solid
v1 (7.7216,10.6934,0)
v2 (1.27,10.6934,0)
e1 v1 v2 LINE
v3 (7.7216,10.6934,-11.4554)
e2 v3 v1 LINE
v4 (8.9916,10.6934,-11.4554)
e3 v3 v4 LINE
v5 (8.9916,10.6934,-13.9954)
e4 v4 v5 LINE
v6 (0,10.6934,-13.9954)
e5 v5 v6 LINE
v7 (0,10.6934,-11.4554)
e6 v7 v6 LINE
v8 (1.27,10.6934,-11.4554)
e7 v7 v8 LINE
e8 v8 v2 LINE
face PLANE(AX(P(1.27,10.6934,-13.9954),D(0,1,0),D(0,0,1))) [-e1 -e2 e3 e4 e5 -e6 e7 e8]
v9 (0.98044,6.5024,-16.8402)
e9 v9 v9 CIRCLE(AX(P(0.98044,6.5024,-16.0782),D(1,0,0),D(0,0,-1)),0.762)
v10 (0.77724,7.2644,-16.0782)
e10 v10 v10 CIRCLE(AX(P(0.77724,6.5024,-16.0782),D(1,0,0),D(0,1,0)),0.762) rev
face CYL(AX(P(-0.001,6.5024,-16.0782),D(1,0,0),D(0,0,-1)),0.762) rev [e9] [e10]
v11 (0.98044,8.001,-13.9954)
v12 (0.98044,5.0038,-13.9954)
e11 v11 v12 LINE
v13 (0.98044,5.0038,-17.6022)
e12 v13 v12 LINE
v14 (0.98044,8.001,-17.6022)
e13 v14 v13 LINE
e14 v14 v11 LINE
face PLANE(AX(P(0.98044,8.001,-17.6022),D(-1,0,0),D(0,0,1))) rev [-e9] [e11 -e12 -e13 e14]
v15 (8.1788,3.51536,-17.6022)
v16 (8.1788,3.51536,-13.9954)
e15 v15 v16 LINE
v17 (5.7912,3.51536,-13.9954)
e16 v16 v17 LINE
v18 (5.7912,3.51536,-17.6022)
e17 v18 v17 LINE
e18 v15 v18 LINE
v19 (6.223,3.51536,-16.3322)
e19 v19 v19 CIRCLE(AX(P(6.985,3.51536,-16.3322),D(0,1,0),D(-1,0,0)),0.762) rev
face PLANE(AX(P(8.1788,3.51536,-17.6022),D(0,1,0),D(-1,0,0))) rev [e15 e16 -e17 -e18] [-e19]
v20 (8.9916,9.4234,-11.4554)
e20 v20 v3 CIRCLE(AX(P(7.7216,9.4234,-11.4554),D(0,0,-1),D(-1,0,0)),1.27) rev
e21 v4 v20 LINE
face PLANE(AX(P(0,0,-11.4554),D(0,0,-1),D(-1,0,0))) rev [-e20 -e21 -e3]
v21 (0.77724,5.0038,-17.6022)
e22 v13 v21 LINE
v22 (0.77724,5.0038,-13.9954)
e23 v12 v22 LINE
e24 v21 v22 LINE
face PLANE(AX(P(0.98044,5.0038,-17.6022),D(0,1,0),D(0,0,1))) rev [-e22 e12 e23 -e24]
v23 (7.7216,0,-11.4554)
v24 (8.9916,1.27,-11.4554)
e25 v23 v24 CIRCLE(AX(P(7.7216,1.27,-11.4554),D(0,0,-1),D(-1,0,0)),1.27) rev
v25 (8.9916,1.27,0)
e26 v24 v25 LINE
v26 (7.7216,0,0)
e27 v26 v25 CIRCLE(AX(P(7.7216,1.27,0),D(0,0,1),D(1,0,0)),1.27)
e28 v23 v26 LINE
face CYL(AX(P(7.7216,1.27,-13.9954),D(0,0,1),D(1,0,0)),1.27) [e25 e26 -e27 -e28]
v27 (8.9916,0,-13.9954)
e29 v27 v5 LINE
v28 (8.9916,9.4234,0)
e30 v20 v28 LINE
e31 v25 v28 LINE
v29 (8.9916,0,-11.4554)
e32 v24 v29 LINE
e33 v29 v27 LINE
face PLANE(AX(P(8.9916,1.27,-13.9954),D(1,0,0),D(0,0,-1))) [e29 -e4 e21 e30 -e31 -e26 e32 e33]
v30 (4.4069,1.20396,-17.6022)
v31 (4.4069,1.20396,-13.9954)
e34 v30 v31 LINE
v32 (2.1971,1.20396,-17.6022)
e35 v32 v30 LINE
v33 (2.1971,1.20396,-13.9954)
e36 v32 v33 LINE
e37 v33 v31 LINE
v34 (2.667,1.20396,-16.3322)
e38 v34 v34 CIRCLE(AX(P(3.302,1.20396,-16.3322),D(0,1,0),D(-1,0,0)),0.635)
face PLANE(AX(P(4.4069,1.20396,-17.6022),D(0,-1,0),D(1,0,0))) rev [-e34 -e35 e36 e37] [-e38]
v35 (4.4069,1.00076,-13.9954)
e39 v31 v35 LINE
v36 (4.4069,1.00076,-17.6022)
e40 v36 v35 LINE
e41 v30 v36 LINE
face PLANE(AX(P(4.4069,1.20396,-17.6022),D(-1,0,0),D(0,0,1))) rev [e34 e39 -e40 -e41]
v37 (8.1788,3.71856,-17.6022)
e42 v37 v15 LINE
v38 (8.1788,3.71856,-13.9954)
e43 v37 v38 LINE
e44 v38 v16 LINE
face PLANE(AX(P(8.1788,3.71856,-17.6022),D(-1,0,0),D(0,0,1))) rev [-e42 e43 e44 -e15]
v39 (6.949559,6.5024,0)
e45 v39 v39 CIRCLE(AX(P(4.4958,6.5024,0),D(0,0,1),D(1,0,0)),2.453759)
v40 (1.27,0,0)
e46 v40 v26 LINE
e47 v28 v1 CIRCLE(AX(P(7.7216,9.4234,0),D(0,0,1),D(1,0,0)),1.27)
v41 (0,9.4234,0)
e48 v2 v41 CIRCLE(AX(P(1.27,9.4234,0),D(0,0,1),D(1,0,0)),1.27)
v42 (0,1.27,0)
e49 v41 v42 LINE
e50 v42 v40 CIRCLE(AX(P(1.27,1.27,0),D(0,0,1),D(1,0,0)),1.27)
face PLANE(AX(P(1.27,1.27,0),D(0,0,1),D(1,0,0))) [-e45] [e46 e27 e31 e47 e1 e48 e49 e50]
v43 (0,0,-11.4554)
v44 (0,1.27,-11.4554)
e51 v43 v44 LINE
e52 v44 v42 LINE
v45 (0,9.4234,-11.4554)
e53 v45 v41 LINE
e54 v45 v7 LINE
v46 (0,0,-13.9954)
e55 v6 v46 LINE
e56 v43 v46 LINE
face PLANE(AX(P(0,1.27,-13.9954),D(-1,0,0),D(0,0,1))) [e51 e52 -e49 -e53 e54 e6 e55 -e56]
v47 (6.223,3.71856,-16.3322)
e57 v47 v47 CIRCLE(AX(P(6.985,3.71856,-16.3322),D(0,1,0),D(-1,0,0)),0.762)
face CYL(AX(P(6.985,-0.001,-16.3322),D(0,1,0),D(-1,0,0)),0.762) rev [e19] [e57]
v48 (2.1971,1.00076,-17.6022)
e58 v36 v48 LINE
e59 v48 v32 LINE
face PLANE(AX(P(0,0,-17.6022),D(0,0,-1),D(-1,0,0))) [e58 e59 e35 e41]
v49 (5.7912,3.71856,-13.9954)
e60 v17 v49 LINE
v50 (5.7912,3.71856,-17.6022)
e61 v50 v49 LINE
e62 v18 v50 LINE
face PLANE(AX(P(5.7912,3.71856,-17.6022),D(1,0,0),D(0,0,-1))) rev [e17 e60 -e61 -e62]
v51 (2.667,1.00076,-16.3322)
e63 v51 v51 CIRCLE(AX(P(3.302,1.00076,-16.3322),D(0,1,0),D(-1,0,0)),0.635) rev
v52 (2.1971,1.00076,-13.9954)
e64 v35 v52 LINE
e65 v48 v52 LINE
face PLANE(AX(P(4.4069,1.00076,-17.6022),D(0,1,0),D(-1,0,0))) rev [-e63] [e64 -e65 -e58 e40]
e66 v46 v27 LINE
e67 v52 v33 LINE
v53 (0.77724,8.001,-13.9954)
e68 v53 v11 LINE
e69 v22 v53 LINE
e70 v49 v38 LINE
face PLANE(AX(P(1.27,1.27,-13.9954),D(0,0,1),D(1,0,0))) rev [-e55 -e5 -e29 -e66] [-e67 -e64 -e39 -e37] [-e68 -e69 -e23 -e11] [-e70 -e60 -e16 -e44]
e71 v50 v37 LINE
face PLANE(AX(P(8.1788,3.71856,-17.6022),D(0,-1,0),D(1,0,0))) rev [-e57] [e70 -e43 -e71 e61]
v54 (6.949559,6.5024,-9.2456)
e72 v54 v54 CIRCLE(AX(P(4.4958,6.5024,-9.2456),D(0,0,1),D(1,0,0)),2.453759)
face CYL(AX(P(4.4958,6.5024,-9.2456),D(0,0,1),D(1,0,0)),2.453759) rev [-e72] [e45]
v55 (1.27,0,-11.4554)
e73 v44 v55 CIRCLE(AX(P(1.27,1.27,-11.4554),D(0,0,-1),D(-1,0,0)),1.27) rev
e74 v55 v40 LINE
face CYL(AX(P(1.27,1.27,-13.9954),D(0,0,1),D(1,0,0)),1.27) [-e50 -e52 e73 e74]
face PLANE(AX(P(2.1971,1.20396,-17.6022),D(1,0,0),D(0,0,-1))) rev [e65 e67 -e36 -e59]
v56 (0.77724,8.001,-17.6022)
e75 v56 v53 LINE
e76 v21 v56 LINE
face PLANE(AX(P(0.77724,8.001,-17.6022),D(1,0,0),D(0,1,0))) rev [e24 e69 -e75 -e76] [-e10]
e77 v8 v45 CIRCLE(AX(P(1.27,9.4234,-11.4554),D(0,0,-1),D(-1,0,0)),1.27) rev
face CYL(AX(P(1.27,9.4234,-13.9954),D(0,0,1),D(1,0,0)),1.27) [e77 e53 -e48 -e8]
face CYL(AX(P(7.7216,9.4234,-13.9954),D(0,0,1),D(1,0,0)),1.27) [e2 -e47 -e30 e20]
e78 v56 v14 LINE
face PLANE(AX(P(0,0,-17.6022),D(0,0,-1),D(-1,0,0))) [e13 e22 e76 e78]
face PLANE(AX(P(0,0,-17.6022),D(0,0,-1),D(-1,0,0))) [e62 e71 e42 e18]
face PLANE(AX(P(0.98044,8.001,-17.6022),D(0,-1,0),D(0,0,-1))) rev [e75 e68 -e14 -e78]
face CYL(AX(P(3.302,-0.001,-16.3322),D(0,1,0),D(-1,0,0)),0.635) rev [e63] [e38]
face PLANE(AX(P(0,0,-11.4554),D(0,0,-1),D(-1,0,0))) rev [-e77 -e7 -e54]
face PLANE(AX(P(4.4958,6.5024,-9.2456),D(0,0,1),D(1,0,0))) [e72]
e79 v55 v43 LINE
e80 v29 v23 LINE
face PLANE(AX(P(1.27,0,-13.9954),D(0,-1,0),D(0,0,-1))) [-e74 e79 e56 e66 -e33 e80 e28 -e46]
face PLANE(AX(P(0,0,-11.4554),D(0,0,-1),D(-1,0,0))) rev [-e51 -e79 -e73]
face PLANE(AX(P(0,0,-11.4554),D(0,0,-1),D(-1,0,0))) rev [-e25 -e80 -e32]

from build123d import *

# Parameters (mm, degrees)
BOSS_EXTRUDE1_DEPTH = 13.9954
SKETCH2_R           = 2.453758577
CUT_EXTRUDE1_DEPTH  = 9.2456
SKETCH3_W           = 8.9916
SKETCH3_H           = 10.6934
BOSS_EXTRUDE2_DEPTH = 2.54
SKETCH4_W           = 0.2032
SKETCH4_H           = 2.9972
SKETCH4_W_2         = 2.2098
SKETCH4_H_2         = 0.2032
SKETCH4_W_3         = 2.3876
BOSS_EXTRUDE3_DEPTH = 3.6068
CUT_EXTRUDE2_REACH  = 24.099
SKETCH5_R           = 0.762
CUT_EXTRUDE3_REACH  = 22.96
SKETCH6_R           = 0.762
CUT_EXTRUDE4_REACH  = 23.926
SKETCH7_R           = 0.635


with BuildPart() as part:
    # Sketch1 → Boss-Extrude1 (new body)
    with BuildSketch(Plane.XY):
        with BuildLine():
            Line((1.27, 0), (7.7216, 0))
            ThreePointArc((7.7216, 0), (8.619625612, 0.371974388), (8.9916, 1.27))
            Line((8.9916, 1.27), (8.9916, 9.4234))
            ThreePointArc((8.9916, 9.4234), (8.619625612, 10.321425612), (7.7216, 10.6934))
            Line((7.7216, 10.6934), (1.27, 10.6934))
            ThreePointArc((1.27, 10.6934), (0.371974388, 10.321425612), (0, 9.4234))
            Line((0, 9.4234), (0, 1.27))
            ThreePointArc((0, 1.27), (0.371974388, 0.371974388), (1.27, 0))
        make_face()
    extrude(amount=-BOSS_EXTRUDE1_DEPTH)

    # Sketch2 → Cut-Extrude1 (cut)
    with BuildSketch(Plane.XY):
        with Locations((4.4958, 6.5024)):
            Circle(SKETCH2_R)
    extrude(amount=-CUT_EXTRUDE1_DEPTH, mode=Mode.SUBTRACT)

    # Sketch3 → Boss-Extrude2 (add)
    with BuildSketch(Plane(origin=(0, 0, -13.9954), x_dir=(-1, 0, 0), z_dir=(0, 0, -1))):
        with Locations((-4.4958, 5.3467)):
            Rectangle(SKETCH3_W, SKETCH3_H)
    extrude(amount=-BOSS_EXTRUDE2_DEPTH)

    # Sketch4 → Boss-Extrude3 (add)
    with BuildSketch(Plane(origin=(0, 0, -13.9954), x_dir=(-1, 0, 0), z_dir=(0, 0, -1))):
        with Locations((-0.87884, 6.5024)):
            Rectangle(SKETCH4_W, SKETCH4_H)
        with Locations((-3.302, 1.10236)):
            Rectangle(SKETCH4_W_2, SKETCH4_H_2)
        with Locations((-6.985, 3.61696)):
            Rectangle(SKETCH4_W_3, SKETCH4_H_2)
    extrude(amount=BOSS_EXTRUDE3_DEPTH)

    # Sketch5 → Cut-Extrude2 (cut, up to next)
    with BuildSketch(Plane(origin=(0.98044, 0, 0), x_dir=(0, 0, -1), z_dir=(1, 0, 0)), mode=Mode.PRIVATE) as cut_extrude2_sk1:
        with Locations((16.0782, 6.5024)):
            Circle(SKETCH5_R)
    cut_extrude2_tool1 = extrude(cut_extrude2_sk1.sketch, amount=-CUT_EXTRUDE2_REACH, mode=Mode.PRIVATE) & part.part
    add(cut_extrude2_tool1.solids().sort_by_distance((0.98044, 6.5024, -16.0782))[0], mode=Mode.SUBTRACT)

    # Sketch6 → Cut-Extrude3 (cut, up to next)
    with BuildSketch(Plane(origin=(0, 3.71856, 0), x_dir=(1, 0, 0), z_dir=(0, 1, 0)), mode=Mode.PRIVATE) as cut_extrude3_sk1:
        with Locations(Location((6.985, 16.3322, 0), (0, 0, 180))):
            Circle(SKETCH6_R)
    cut_extrude3_tool1 = extrude(cut_extrude3_sk1.sketch, amount=-CUT_EXTRUDE3_REACH, mode=Mode.PRIVATE) & part.part
    add(cut_extrude3_tool1.solids().sort_by_distance((6.985, 3.71856, -16.3322))[0], mode=Mode.SUBTRACT)

    # Sketch7 → Cut-Extrude4 (cut, up to next)
    with BuildSketch(Plane(origin=(0, 1.20396, 0), x_dir=(1, 0, 0), z_dir=(0, 1, 0)), mode=Mode.PRIVATE) as cut_extrude4_sk1:
        with Locations(Location((3.302, 16.3322, 0), (0, 0, 180))):
            Circle(SKETCH7_R)
    cut_extrude4_tool1 = extrude(cut_extrude4_sk1.sketch, amount=-CUT_EXTRUDE4_REACH, mode=Mode.PRIVATE) & part.part
    add(cut_extrude4_tool1.solids().sort_by_distance((3.302, 1.20396, -16.3322))[0], mode=Mode.SUBTRACT)


solid = part.part
